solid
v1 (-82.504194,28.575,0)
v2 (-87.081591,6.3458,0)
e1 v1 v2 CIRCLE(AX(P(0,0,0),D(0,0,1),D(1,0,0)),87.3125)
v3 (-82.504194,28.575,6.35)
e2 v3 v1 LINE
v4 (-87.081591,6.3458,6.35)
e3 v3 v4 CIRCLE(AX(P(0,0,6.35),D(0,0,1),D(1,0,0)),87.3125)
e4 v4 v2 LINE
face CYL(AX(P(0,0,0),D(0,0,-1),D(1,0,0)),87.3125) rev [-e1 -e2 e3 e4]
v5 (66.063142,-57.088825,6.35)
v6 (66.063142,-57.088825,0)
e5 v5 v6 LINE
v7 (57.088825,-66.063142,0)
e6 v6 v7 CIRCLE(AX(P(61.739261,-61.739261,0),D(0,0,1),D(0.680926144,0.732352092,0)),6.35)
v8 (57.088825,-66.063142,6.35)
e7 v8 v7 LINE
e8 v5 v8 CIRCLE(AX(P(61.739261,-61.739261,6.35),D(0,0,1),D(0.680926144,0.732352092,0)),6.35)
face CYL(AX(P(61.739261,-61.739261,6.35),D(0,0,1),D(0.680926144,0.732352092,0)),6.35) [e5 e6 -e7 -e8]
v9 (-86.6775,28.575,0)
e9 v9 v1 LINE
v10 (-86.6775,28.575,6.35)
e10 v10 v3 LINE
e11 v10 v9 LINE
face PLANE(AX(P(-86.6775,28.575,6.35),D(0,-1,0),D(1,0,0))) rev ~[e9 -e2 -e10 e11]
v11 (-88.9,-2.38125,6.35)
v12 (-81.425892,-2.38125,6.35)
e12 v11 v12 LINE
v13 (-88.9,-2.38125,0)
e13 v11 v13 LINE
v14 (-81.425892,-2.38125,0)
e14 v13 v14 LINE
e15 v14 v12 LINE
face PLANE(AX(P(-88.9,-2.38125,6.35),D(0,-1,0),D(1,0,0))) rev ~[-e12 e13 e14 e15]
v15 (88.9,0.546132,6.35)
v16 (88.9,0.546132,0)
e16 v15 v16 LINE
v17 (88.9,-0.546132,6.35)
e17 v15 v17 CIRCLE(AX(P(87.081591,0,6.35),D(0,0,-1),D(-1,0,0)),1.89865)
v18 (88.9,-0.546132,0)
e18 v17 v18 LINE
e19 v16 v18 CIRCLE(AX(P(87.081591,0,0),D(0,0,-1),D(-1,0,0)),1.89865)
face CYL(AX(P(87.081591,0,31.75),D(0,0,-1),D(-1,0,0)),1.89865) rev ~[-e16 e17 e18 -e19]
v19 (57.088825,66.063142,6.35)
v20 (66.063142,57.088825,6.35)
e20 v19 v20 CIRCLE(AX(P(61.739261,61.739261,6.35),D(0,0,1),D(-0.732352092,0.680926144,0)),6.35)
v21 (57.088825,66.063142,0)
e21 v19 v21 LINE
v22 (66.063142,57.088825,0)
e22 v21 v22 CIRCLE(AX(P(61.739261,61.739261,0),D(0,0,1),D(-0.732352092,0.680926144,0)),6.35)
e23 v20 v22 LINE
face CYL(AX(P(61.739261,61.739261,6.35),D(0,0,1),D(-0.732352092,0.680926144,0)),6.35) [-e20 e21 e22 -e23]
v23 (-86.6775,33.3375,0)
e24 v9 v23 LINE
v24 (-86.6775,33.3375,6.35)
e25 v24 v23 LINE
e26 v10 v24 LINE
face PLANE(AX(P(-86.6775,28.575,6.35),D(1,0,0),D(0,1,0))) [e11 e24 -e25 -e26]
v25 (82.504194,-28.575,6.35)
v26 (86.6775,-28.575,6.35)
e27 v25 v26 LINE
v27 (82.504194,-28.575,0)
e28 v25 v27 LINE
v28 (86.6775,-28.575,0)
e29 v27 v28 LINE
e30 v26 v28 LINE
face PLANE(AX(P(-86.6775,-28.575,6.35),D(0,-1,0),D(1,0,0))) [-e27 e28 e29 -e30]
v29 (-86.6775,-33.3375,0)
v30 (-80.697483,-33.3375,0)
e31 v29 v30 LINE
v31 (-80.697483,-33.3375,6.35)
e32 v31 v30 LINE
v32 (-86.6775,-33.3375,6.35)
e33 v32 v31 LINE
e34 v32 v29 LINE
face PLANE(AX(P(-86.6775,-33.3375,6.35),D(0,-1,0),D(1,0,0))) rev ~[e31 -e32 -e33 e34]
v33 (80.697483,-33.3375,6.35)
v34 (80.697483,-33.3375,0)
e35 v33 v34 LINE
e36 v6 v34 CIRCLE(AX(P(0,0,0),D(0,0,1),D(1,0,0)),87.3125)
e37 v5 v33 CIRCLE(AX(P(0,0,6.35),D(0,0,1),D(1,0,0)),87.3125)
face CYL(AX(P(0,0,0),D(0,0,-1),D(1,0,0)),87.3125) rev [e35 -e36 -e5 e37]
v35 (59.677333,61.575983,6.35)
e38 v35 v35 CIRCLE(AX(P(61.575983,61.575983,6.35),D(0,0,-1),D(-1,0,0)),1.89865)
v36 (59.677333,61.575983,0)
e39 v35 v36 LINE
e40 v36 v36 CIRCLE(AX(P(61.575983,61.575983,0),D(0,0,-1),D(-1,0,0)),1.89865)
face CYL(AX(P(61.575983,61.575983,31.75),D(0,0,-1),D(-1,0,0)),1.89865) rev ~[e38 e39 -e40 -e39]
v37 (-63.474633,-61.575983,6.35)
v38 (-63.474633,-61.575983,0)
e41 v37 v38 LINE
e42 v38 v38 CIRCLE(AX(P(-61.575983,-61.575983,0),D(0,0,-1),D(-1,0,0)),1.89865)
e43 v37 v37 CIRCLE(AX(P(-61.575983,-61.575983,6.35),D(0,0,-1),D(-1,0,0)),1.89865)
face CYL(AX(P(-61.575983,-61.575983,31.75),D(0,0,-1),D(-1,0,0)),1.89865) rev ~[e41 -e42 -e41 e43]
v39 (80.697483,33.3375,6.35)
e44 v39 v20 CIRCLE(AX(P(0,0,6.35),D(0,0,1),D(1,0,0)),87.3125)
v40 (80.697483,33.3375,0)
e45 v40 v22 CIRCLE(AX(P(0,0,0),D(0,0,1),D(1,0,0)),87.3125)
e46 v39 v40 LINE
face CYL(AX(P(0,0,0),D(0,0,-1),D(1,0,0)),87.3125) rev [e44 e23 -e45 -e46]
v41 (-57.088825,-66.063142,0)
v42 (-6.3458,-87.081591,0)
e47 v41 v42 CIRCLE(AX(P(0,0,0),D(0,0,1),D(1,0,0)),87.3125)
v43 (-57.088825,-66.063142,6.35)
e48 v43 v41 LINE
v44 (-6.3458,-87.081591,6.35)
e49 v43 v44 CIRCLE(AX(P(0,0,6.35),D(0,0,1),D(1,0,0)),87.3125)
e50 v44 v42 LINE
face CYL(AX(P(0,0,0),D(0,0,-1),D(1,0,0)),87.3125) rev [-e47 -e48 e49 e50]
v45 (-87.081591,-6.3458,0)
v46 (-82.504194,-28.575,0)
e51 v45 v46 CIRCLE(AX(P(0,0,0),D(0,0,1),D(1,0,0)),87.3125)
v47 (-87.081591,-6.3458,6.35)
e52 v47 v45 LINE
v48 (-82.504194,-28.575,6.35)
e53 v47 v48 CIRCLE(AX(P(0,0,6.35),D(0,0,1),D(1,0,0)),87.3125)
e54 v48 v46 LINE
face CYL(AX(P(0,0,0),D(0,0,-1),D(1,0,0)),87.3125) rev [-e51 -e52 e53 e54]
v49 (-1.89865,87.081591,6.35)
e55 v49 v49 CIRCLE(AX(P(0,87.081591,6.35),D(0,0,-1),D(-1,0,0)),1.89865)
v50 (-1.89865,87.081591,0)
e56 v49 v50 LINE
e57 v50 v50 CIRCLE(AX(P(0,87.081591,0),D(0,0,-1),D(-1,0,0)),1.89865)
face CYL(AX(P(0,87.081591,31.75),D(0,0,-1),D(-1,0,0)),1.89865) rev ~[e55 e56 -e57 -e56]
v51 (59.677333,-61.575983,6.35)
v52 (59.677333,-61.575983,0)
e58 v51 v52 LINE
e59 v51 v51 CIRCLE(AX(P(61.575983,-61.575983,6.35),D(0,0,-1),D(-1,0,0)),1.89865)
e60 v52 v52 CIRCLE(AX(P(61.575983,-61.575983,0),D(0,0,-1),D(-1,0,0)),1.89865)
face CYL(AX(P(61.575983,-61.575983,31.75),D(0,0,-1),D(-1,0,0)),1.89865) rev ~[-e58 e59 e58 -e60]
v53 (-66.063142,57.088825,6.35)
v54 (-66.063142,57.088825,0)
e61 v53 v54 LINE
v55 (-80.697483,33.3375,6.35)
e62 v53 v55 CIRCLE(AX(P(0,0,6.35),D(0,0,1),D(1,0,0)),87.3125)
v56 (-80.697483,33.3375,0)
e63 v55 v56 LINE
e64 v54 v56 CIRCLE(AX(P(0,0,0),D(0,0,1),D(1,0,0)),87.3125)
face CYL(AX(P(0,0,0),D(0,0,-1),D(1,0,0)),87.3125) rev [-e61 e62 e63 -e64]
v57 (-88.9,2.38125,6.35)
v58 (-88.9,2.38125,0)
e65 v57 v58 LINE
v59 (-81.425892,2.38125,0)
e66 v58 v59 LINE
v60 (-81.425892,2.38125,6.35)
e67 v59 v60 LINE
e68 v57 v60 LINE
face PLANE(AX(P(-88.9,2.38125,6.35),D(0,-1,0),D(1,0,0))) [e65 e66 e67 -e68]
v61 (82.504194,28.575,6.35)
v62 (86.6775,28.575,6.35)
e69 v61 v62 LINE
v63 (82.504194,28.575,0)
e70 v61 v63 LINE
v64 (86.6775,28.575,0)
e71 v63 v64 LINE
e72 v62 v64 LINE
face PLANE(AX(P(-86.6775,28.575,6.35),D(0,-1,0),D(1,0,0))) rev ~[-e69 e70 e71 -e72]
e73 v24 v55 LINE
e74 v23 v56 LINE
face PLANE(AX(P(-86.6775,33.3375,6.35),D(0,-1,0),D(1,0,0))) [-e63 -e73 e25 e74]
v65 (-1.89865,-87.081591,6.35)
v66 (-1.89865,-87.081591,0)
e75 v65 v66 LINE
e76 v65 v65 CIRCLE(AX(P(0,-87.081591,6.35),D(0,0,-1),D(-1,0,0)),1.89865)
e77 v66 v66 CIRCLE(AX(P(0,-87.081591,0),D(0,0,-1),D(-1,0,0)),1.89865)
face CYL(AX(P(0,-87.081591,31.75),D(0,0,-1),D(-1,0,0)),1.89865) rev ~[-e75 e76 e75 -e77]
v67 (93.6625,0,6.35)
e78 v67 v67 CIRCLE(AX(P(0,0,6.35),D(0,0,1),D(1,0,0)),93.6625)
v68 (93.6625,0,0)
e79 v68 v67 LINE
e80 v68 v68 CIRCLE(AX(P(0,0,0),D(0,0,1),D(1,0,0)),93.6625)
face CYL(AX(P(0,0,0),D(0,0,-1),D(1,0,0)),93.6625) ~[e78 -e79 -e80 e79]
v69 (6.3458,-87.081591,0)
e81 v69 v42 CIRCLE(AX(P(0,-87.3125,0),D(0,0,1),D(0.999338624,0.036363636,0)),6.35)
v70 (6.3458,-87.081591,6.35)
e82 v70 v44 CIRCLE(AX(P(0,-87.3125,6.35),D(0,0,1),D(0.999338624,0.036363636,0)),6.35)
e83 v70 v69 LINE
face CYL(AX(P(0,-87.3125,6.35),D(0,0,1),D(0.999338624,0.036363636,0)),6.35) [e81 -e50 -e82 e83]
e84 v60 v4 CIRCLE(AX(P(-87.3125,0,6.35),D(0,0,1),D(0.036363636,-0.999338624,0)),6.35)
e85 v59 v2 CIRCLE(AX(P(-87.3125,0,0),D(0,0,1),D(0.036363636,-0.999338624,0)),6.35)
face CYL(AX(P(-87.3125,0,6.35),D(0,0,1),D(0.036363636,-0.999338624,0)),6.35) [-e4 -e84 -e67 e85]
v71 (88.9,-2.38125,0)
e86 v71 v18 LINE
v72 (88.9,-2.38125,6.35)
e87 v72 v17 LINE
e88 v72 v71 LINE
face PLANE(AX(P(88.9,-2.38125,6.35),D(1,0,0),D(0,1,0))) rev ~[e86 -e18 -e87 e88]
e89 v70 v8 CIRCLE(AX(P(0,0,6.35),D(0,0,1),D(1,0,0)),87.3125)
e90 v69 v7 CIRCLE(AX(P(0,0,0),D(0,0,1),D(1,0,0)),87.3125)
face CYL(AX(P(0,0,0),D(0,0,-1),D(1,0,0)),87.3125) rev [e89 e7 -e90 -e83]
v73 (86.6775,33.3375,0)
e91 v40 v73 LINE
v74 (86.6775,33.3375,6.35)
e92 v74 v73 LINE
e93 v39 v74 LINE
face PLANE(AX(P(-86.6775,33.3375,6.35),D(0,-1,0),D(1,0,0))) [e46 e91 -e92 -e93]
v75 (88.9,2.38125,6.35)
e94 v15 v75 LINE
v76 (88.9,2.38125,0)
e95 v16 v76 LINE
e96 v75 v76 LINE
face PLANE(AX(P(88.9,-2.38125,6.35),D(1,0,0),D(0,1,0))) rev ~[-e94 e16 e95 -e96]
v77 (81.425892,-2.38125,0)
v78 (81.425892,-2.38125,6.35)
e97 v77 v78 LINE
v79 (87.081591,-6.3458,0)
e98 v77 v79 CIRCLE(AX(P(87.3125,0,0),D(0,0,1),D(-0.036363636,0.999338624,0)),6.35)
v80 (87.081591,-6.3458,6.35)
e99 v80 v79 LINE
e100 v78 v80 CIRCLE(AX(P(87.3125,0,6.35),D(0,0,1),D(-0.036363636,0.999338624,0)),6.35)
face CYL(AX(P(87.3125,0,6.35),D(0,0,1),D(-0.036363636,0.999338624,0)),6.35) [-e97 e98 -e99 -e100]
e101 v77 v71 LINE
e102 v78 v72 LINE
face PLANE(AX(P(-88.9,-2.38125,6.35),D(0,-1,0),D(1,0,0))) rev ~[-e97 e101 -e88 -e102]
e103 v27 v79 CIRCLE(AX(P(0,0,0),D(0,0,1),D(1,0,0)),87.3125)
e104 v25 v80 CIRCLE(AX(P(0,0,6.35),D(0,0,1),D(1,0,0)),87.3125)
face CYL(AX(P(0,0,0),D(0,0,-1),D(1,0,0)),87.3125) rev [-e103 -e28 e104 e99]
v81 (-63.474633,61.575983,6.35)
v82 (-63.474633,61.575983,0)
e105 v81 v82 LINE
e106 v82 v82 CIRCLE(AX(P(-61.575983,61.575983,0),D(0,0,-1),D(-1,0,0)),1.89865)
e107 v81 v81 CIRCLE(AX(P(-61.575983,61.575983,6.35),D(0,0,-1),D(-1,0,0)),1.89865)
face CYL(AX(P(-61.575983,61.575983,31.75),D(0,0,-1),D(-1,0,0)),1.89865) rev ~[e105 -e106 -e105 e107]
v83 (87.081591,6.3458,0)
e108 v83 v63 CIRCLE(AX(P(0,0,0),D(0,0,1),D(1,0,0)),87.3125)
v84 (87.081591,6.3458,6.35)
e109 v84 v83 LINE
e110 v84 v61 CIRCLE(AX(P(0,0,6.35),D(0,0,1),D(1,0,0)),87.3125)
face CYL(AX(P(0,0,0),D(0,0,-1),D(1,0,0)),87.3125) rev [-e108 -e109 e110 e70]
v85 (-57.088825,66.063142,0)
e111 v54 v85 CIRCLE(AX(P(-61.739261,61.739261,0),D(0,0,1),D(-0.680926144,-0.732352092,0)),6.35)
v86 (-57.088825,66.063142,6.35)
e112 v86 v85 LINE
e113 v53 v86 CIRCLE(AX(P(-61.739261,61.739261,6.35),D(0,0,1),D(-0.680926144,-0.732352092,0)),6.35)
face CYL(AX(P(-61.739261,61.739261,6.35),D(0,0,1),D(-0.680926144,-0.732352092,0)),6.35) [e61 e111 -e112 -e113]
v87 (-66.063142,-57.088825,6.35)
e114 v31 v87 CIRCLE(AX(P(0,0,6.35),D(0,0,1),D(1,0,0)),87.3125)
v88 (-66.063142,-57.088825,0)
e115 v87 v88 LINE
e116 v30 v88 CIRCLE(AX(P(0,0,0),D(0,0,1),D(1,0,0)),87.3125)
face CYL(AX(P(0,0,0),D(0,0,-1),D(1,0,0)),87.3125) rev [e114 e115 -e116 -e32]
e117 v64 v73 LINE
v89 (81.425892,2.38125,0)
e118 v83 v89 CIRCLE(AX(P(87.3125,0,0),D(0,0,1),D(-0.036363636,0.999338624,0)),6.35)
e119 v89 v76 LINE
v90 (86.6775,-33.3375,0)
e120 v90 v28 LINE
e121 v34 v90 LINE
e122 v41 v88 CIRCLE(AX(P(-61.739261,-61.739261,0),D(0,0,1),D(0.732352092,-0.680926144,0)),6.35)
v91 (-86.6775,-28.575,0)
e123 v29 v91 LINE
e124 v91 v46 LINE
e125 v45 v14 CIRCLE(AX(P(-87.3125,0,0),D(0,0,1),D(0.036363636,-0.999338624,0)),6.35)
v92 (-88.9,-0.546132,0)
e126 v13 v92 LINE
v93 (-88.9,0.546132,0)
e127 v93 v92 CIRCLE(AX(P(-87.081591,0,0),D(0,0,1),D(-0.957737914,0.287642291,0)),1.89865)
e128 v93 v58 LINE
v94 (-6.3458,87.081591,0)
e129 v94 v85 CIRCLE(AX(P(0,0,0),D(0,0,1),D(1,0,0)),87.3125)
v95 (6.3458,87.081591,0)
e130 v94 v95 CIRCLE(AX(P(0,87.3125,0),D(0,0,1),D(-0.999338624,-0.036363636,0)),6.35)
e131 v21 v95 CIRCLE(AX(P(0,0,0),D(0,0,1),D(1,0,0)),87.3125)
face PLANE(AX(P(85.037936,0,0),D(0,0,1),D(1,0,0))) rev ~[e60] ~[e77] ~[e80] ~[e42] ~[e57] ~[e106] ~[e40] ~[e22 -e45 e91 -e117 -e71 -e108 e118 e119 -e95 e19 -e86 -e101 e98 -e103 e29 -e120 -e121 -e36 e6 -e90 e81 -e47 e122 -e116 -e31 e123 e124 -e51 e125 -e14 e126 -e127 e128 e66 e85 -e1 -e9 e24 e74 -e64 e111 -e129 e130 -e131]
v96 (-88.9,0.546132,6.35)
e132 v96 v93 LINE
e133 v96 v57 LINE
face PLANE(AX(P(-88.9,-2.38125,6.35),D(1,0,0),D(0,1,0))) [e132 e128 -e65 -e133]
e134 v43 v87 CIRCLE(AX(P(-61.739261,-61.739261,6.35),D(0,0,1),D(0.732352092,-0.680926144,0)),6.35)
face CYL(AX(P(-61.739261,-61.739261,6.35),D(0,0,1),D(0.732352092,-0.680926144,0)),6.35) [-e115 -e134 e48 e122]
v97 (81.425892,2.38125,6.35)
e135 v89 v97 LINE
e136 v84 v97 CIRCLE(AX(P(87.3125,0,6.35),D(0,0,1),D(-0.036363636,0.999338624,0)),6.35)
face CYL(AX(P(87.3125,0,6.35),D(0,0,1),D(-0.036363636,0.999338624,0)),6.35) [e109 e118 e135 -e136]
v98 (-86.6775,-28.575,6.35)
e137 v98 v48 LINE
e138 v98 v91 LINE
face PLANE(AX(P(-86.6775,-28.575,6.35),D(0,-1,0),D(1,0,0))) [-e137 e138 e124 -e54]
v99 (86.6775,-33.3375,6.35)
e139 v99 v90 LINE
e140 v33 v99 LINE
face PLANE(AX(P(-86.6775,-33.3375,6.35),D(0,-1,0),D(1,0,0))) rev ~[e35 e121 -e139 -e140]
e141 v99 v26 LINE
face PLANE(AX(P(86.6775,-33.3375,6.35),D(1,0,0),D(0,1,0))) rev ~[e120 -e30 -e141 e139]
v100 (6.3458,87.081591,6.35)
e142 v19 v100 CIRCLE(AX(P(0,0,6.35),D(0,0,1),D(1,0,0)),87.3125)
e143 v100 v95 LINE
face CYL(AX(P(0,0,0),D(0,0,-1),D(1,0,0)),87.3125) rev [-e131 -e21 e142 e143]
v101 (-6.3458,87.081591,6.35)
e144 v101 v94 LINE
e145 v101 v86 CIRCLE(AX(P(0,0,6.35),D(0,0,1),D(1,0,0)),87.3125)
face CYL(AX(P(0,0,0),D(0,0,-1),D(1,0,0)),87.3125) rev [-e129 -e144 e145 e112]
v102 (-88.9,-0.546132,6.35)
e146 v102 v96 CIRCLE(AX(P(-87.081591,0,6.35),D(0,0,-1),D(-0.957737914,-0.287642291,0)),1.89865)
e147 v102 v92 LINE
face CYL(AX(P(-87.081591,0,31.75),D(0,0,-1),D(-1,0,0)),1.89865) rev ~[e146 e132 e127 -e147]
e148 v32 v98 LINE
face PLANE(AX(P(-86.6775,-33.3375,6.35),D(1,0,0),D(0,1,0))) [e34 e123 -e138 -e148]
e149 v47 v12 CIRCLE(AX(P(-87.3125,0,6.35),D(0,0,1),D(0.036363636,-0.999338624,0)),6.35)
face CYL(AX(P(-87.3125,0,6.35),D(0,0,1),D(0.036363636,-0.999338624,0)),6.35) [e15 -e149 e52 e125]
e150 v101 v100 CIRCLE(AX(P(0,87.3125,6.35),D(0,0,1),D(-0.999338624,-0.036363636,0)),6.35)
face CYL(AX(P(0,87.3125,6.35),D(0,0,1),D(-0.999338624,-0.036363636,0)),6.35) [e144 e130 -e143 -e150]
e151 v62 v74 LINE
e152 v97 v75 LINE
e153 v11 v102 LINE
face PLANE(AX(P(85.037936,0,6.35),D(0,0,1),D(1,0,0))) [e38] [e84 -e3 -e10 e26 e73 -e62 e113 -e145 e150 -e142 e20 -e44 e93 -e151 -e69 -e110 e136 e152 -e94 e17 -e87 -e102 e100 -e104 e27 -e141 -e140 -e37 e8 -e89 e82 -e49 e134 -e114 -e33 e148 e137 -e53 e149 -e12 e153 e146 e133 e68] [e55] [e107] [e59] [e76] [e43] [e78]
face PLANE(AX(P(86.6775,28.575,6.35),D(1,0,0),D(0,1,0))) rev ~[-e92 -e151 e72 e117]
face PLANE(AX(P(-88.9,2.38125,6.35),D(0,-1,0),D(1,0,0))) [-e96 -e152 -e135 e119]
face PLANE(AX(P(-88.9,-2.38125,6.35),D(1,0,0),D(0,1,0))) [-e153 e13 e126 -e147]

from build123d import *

# Parameters (mm, degrees)
SKETCH1_R                 = 93.6625
SKETCH1_R_2               = 87.3125
BOSS_EXTRUDE1_DEPTH       = 6.35
BOSS_EXTRUDE2_DEPTH       = 6.35
SKETCH4_W                 = 173.355
SKETCH4_H                 = 4.7625
SKETCH4_W_2               = 177.8
CUT_EXTRUDE2_DEPTH        = 6.35
F_6_CLEARANCE_HOLE1_D     = 3.7973
F_6_CLEARANCE_HOLE1_DEPTH = 25.4
F_6_CLEARANCE_HOLE1_TIP   = 1.140824014


with BuildPart() as part:
    # Sketch1 → Boss-Extrude1 (new body)
    with BuildSketch(Plane.XY):
        Circle(SKETCH1_R)
        Circle(SKETCH1_R_2, mode=Mode.SUBTRACT)
    extrude(amount=BOSS_EXTRUDE1_DEPTH)

    # Sketch3 → Boss-Extrude2 (add, through all)
    with BuildSketch(Plane.XY.offset(6.35)):
        with BuildLine():
            ThreePointArc((-66.063141847, 57.08882505), (-57.249132772, 57.249132772), (-57.08882505, 66.063141847))
            ThreePointArc((-57.08882505, 66.063141847), (-61.739260832, 61.739260832), (-66.063141847, 57.08882505))
        make_face()
        with BuildLine():
            ThreePointArc((6.345800264, 87.081590909), (0, 87.3125), (-6.345800264, 87.081590909))
            ThreePointArc((-6.345800264, 87.081590909), (0, 80.9625), (6.345800264, 87.081590909))
        make_face()
        with BuildLine():
            ThreePointArc((66.063141847, 57.08882505), (61.739260832, 61.739260832), (57.08882505, 66.063141847))
            ThreePointArc((57.08882505, 66.063141847), (57.249132772, 57.249132772), (66.063141847, 57.08882505))
        make_face()
        with BuildLine():
            ThreePointArc((87.3125, 0), (87.254753631, 3.175), (87.081590909, 6.345800264))
            ThreePointArc((87.081590909, 6.345800264), (80.9625, 0), (87.081590909, -6.345800264))
            ThreePointArc((87.081590909, -6.345800264), (87.254753631, -3.175), (87.3125, 0))
        make_face()
        with BuildLine():
            ThreePointArc((57.08882505, -66.063141847), (61.739260832, -61.739260832), (66.063141847, -57.08882505))
            ThreePointArc((66.063141847, -57.08882505), (57.249132772, -57.249132772), (57.08882505, -66.063141847))
        make_face()
        with BuildLine():
            ThreePointArc((6.345800264, -87.081590909), (0, -80.9625), (-6.345800264, -87.081590909))
            ThreePointArc((-6.345800264, -87.081590909), (0, -87.3125), (6.345800264, -87.081590909))
        make_face()
        with BuildLine():
            ThreePointArc((-57.08882505, -66.063141847), (-57.249132772, -57.249132772), (-66.063141847, -57.08882505))
            ThreePointArc((-66.063141847, -57.08882505), (-61.739260832, -61.739260832), (-57.08882505, -66.063141847))
        make_face()
        with BuildLine():
            ThreePointArc((-87.081590909, -6.345800264), (-80.9625, 0), (-87.081590909, 6.345800264))
            ThreePointArc((-87.081590909, 6.345800264), (-87.3125, 0), (-87.081590909, -6.345800264))
        make_face()
    extrude(amount=-BOSS_EXTRUDE2_DEPTH)

    # Sketch4 → Cut-Extrude2 (cut)
    with BuildSketch(Plane.XY.offset(6.35)):
        with Locations((0, 30.95625)):
            Rectangle(SKETCH4_W, SKETCH4_H)
        Rectangle(SKETCH4_W_2, SKETCH4_H)
        with Locations((0, -30.95625)):
            Rectangle(SKETCH4_W, SKETCH4_H)
    extrude(amount=-CUT_EXTRUDE2_DEPTH, mode=Mode.SUBTRACT)

    # #6 Clearance Hole1
    with Locations(Plane.XY.offset(6.35)):
        with Locations((-87.081590909, 0), (-61.575983448, 61.575983448), (0, 87.081590909), (61.575983448, 61.575983448), (87.081590909, 0), (61.575983448, -61.575983448), (0, -87.081590909), (-61.575983448, -61.575983448)):
            Hole(F_6_CLEARANCE_HOLE1_D / 2, depth=F_6_CLEARANCE_HOLE1_DEPTH)
            with Locations((0, 0, -(F_6_CLEARANCE_HOLE1_DEPTH + F_6_CLEARANCE_HOLE1_TIP / 2))):  # 118° drill point
                Cone(0, F_6_CLEARANCE_HOLE1_D / 2, F_6_CLEARANCE_HOLE1_TIP, mode=Mode.SUBTRACT)


solid = part.part
